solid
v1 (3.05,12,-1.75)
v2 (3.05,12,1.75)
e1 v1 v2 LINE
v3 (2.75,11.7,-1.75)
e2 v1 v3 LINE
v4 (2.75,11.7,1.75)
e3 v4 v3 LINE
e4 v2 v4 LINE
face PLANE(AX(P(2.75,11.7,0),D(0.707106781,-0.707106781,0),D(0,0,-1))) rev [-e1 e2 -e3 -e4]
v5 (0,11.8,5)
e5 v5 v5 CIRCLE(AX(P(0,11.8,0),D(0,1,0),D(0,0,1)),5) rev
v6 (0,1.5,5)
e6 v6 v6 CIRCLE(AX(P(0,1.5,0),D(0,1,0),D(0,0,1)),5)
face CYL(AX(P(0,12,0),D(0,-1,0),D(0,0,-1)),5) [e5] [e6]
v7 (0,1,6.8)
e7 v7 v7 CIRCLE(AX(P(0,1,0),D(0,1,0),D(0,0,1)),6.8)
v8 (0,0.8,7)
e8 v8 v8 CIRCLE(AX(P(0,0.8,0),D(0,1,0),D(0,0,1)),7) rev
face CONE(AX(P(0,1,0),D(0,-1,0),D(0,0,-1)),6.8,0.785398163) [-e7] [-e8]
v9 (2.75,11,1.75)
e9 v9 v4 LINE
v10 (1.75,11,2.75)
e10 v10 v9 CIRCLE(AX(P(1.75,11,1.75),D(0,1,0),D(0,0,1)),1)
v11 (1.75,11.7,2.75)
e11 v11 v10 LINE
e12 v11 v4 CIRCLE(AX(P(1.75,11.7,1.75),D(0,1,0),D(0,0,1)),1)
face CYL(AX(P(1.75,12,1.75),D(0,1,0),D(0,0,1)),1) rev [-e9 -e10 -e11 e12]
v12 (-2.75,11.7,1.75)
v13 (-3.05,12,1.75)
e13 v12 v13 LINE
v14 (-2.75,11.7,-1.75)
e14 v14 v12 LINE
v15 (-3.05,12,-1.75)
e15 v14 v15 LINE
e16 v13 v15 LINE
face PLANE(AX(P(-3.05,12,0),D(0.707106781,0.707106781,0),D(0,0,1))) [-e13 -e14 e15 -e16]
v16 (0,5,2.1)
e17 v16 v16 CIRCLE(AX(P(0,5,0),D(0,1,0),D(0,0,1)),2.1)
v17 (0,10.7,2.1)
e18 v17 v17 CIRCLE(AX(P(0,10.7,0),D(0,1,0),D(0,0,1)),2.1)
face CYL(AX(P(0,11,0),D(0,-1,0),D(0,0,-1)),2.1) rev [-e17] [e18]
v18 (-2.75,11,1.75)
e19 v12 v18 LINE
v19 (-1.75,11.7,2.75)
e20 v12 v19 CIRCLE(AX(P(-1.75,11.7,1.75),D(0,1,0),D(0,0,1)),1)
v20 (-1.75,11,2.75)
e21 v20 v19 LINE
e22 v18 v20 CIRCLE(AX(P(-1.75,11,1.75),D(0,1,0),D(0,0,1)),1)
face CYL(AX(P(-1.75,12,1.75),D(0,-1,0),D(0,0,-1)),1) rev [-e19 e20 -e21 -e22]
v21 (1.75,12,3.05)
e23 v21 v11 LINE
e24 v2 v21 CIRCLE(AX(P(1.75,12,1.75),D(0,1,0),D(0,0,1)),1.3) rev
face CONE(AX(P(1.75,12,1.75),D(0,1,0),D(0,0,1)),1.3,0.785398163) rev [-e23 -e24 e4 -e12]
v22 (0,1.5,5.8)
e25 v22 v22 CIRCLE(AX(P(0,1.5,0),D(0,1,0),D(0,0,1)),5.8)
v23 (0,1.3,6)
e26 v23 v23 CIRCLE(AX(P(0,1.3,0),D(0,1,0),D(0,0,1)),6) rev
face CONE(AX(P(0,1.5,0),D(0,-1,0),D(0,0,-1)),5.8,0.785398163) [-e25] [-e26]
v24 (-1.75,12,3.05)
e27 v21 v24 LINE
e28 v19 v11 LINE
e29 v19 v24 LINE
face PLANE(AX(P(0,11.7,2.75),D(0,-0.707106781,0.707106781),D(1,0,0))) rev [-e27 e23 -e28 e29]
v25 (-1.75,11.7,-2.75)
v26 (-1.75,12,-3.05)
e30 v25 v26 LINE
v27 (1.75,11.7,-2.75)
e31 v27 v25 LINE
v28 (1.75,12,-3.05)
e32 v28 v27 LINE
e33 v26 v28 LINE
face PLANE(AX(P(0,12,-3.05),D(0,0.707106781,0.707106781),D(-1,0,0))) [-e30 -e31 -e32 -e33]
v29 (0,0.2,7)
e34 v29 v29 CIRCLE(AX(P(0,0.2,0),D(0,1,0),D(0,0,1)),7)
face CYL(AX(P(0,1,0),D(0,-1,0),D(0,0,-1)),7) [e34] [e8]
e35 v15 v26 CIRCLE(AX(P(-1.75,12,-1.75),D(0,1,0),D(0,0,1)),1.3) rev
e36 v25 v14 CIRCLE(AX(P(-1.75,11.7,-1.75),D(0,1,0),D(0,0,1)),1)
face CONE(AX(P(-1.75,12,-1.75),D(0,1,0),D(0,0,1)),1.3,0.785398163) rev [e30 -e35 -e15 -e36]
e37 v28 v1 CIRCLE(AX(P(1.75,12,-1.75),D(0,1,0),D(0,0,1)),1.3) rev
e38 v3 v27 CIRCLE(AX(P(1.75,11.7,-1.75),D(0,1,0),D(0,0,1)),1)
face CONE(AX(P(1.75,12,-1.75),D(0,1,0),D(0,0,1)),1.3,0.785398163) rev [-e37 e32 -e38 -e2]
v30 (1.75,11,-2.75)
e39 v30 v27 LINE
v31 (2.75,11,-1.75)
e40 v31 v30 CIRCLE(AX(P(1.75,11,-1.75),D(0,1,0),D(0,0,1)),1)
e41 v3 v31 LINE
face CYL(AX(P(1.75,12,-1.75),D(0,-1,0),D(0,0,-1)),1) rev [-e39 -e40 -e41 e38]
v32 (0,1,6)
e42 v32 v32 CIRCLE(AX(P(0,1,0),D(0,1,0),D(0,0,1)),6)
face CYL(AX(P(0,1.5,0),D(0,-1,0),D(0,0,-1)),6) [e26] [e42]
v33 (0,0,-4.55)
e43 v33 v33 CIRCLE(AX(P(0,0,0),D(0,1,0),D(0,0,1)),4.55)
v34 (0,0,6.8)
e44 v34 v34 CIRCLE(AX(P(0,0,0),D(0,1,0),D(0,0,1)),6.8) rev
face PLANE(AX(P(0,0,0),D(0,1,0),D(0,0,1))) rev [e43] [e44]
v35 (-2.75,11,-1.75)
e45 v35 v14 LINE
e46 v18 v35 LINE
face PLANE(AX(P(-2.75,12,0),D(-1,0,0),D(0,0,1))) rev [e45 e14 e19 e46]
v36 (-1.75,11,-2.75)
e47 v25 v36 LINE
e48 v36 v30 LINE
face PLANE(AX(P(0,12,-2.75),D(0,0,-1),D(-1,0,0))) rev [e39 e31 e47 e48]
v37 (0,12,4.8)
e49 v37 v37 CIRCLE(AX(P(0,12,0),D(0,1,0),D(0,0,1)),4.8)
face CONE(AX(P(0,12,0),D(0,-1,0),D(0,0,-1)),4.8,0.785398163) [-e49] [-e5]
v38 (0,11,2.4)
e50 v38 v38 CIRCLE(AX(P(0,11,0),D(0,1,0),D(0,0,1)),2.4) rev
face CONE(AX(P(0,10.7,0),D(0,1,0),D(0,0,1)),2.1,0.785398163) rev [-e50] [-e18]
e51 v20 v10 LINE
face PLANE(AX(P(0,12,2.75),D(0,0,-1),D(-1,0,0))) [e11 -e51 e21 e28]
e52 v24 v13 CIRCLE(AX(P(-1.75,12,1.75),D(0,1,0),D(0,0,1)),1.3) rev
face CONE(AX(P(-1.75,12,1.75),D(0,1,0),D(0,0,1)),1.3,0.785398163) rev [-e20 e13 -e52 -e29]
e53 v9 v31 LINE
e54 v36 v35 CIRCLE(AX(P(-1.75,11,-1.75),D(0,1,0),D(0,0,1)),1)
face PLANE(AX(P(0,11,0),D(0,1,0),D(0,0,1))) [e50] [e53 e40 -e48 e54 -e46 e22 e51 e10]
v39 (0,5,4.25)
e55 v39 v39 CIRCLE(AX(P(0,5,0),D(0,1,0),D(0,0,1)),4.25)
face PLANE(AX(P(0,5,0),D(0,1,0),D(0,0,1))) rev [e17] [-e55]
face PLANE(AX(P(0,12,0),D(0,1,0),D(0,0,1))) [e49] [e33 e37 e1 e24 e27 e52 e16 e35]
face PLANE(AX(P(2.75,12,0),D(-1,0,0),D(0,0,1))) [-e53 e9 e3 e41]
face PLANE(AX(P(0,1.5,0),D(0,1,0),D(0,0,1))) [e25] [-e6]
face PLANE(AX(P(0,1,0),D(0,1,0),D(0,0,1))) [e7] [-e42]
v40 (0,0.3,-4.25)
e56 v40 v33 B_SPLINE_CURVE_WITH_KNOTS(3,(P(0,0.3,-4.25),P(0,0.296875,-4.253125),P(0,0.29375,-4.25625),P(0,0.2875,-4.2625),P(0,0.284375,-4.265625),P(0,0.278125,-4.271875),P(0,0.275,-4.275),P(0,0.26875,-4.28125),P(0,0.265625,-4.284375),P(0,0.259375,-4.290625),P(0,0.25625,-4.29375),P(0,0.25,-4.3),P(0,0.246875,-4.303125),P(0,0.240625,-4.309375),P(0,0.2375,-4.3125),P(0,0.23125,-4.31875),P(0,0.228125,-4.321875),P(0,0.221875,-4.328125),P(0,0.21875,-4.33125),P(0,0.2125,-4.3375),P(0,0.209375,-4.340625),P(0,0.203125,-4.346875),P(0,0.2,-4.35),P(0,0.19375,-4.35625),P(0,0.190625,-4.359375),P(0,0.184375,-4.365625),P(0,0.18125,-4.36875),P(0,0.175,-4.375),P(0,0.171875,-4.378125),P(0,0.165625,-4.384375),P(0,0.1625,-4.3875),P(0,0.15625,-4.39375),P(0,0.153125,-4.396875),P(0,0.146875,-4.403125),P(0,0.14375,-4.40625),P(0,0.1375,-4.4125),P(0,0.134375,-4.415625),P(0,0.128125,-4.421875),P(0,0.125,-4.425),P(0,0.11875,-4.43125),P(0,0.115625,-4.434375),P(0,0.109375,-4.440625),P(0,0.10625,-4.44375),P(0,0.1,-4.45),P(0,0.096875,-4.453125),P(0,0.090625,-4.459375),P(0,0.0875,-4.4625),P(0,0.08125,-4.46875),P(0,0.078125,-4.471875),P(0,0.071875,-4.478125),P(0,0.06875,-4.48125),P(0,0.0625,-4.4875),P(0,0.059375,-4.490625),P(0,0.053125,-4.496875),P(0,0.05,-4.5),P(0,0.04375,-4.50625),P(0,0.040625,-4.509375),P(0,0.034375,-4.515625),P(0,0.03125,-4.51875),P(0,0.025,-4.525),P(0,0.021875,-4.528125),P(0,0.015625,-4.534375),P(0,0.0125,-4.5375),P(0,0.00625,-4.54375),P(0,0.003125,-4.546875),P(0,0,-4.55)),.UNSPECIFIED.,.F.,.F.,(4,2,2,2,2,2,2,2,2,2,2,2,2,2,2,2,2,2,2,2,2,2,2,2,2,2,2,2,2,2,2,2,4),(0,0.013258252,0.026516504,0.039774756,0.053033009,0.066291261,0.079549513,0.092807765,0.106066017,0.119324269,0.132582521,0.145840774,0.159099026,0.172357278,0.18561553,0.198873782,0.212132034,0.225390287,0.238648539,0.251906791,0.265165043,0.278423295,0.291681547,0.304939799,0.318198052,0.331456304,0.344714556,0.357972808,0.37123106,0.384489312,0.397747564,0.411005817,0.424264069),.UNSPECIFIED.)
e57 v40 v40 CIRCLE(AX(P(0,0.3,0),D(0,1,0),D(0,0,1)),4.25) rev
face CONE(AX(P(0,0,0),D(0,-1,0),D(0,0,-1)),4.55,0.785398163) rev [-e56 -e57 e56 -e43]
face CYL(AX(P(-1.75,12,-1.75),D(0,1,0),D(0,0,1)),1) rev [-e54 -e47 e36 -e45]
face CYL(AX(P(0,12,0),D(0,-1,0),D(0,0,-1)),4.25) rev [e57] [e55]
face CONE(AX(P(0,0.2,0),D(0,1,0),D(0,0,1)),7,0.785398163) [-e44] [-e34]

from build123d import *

# Parameters (mm, degrees)
SKETCH_1_R      = 7
SKETCH_1_R_2    = 6
EXTRUDE_1_DEPTH = 1
SKETCH_1_4_R    = 6
SKETCH_1_4_R_2  = 5
EXTRUDE_2_DEPTH = 1.5
SKETCH_1_5_R    = 5
SKETCH_1_5_R_2  = 4.25
EXTRUDE_3_DEPTH = 12
EXTRUDE_START   = 5
SKETCH_1_6_R    = 4.25
SKETCH_1_6_W    = 5.5
SKETCH_1_6_H    = 5.5
EXTRUDE_4_DEPTH = 7
SKETCH_1_7_W    = 5.5
SKETCH_1_7_H    = 5.5
SKETCH_1_7_R    = 2.1
EXTRUDE_5_DEPTH = 6
FILLET_1_R      = 1
CHAMFER_1_SIZE  = 0.2
CHAMFER_2_SIZE  = 0.3
CHAMFER_3_SIZE  = 0.3


with BuildPart() as part:
    # 스케치1 → 보스-돌출1 (new body)
    with BuildSketch(Plane(origin=(0, 0, 0), x_dir=(1, 0, 0), z_dir=(0, 1, 0))):
        Circle(SKETCH_1_R)
        Circle(SKETCH_1_R_2, mode=Mode.SUBTRACT)
    extrude(amount=EXTRUDE_1_DEPTH)

    # 스케치1<4> → 보스-돌출2 (add)
    with BuildSketch(Plane(origin=(0, 0, 0), x_dir=(1, 0, 0), z_dir=(0, 1, 0))):
        Circle(SKETCH_1_4_R)
        Circle(SKETCH_1_4_R_2, mode=Mode.SUBTRACT)
    extrude(amount=EXTRUDE_2_DEPTH)

    # 스케치1<5> → 보스-돌출3 (add)
    with BuildSketch(Plane(origin=(0, 0, 0), x_dir=(1, 0, 0), z_dir=(0, 1, 0))):
        Circle(SKETCH_1_5_R)
        Circle(SKETCH_1_5_R_2, mode=Mode.SUBTRACT)
    extrude(amount=EXTRUDE_3_DEPTH)

    # 스케치1<6> → 보스-돌출4 (add)
    with BuildSketch(Plane(origin=(0, 0, 0), x_dir=(1, 0, 0), z_dir=(0, 1, 0)).offset(EXTRUDE_START)):
        Circle(SKETCH_1_6_R)
        Rectangle(SKETCH_1_6_W, SKETCH_1_6_H, mode=Mode.SUBTRACT)
    extrude(amount=EXTRUDE_4_DEPTH)

    # 스케치1<7> → 보스-돌출5 (add)
    with BuildSketch(Plane(origin=(0, 0, 0), x_dir=(1, 0, 0), z_dir=(0, 1, 0)).offset(EXTRUDE_START)):
        Rectangle(SKETCH_1_7_W, SKETCH_1_7_H)
        Circle(SKETCH_1_7_R, mode=Mode.SUBTRACT)
    extrude(amount=EXTRUDE_5_DEPTH)

    # 필렛1
    fillet_1_edges = [part.edges().sort_by_distance(p)[0] for p in [
        (2.75, 11.5, 2.75),
        (-2.75, 11.5, 2.75),
        (2.75, 11.5, -2.75),
        (-2.75, 11.5, -2.75),
    ]]
    fillet(fillet_1_edges, radius=FILLET_1_R)

    # 모따기1
    chamfer_1_edges = [part.edges().sort_by_distance(p)[0] for p in [
        (-5, 12, 0),
        (-7, 1, 0),
        (-7, 0, 0),
        (-6, 1.5, 0),
    ]]
    chamfer(chamfer_1_edges, length=CHAMFER_1_SIZE)

    # 모따기2
    chamfer_2_edges = [part.edges().sort_by_distance(p)[0] for p in [
        (-4.25, 0, 0),
    ]]
    chamfer(chamfer_2_edges, length=CHAMFER_2_SIZE)

    # 모따기3
    chamfer_3_edges = [part.edges().sort_by_distance(p)[0] for p in [
        (-2.1, 11, 0),
        (0, 12, 2.75),
        (2.75, 12, 0),
        (-2.75, 12, 0),
        (0, 12, -2.75),
        (-2.457106781, 12, 2.457106781),
        (2.457106781, 12, 2.457106781),
        (-2.457106781, 12, -2.457106781),
        (2.457106781, 12, -2.457106781),
    ]]
    chamfer(chamfer_3_edges, length=CHAMFER_3_SIZE)


solid = part.part
